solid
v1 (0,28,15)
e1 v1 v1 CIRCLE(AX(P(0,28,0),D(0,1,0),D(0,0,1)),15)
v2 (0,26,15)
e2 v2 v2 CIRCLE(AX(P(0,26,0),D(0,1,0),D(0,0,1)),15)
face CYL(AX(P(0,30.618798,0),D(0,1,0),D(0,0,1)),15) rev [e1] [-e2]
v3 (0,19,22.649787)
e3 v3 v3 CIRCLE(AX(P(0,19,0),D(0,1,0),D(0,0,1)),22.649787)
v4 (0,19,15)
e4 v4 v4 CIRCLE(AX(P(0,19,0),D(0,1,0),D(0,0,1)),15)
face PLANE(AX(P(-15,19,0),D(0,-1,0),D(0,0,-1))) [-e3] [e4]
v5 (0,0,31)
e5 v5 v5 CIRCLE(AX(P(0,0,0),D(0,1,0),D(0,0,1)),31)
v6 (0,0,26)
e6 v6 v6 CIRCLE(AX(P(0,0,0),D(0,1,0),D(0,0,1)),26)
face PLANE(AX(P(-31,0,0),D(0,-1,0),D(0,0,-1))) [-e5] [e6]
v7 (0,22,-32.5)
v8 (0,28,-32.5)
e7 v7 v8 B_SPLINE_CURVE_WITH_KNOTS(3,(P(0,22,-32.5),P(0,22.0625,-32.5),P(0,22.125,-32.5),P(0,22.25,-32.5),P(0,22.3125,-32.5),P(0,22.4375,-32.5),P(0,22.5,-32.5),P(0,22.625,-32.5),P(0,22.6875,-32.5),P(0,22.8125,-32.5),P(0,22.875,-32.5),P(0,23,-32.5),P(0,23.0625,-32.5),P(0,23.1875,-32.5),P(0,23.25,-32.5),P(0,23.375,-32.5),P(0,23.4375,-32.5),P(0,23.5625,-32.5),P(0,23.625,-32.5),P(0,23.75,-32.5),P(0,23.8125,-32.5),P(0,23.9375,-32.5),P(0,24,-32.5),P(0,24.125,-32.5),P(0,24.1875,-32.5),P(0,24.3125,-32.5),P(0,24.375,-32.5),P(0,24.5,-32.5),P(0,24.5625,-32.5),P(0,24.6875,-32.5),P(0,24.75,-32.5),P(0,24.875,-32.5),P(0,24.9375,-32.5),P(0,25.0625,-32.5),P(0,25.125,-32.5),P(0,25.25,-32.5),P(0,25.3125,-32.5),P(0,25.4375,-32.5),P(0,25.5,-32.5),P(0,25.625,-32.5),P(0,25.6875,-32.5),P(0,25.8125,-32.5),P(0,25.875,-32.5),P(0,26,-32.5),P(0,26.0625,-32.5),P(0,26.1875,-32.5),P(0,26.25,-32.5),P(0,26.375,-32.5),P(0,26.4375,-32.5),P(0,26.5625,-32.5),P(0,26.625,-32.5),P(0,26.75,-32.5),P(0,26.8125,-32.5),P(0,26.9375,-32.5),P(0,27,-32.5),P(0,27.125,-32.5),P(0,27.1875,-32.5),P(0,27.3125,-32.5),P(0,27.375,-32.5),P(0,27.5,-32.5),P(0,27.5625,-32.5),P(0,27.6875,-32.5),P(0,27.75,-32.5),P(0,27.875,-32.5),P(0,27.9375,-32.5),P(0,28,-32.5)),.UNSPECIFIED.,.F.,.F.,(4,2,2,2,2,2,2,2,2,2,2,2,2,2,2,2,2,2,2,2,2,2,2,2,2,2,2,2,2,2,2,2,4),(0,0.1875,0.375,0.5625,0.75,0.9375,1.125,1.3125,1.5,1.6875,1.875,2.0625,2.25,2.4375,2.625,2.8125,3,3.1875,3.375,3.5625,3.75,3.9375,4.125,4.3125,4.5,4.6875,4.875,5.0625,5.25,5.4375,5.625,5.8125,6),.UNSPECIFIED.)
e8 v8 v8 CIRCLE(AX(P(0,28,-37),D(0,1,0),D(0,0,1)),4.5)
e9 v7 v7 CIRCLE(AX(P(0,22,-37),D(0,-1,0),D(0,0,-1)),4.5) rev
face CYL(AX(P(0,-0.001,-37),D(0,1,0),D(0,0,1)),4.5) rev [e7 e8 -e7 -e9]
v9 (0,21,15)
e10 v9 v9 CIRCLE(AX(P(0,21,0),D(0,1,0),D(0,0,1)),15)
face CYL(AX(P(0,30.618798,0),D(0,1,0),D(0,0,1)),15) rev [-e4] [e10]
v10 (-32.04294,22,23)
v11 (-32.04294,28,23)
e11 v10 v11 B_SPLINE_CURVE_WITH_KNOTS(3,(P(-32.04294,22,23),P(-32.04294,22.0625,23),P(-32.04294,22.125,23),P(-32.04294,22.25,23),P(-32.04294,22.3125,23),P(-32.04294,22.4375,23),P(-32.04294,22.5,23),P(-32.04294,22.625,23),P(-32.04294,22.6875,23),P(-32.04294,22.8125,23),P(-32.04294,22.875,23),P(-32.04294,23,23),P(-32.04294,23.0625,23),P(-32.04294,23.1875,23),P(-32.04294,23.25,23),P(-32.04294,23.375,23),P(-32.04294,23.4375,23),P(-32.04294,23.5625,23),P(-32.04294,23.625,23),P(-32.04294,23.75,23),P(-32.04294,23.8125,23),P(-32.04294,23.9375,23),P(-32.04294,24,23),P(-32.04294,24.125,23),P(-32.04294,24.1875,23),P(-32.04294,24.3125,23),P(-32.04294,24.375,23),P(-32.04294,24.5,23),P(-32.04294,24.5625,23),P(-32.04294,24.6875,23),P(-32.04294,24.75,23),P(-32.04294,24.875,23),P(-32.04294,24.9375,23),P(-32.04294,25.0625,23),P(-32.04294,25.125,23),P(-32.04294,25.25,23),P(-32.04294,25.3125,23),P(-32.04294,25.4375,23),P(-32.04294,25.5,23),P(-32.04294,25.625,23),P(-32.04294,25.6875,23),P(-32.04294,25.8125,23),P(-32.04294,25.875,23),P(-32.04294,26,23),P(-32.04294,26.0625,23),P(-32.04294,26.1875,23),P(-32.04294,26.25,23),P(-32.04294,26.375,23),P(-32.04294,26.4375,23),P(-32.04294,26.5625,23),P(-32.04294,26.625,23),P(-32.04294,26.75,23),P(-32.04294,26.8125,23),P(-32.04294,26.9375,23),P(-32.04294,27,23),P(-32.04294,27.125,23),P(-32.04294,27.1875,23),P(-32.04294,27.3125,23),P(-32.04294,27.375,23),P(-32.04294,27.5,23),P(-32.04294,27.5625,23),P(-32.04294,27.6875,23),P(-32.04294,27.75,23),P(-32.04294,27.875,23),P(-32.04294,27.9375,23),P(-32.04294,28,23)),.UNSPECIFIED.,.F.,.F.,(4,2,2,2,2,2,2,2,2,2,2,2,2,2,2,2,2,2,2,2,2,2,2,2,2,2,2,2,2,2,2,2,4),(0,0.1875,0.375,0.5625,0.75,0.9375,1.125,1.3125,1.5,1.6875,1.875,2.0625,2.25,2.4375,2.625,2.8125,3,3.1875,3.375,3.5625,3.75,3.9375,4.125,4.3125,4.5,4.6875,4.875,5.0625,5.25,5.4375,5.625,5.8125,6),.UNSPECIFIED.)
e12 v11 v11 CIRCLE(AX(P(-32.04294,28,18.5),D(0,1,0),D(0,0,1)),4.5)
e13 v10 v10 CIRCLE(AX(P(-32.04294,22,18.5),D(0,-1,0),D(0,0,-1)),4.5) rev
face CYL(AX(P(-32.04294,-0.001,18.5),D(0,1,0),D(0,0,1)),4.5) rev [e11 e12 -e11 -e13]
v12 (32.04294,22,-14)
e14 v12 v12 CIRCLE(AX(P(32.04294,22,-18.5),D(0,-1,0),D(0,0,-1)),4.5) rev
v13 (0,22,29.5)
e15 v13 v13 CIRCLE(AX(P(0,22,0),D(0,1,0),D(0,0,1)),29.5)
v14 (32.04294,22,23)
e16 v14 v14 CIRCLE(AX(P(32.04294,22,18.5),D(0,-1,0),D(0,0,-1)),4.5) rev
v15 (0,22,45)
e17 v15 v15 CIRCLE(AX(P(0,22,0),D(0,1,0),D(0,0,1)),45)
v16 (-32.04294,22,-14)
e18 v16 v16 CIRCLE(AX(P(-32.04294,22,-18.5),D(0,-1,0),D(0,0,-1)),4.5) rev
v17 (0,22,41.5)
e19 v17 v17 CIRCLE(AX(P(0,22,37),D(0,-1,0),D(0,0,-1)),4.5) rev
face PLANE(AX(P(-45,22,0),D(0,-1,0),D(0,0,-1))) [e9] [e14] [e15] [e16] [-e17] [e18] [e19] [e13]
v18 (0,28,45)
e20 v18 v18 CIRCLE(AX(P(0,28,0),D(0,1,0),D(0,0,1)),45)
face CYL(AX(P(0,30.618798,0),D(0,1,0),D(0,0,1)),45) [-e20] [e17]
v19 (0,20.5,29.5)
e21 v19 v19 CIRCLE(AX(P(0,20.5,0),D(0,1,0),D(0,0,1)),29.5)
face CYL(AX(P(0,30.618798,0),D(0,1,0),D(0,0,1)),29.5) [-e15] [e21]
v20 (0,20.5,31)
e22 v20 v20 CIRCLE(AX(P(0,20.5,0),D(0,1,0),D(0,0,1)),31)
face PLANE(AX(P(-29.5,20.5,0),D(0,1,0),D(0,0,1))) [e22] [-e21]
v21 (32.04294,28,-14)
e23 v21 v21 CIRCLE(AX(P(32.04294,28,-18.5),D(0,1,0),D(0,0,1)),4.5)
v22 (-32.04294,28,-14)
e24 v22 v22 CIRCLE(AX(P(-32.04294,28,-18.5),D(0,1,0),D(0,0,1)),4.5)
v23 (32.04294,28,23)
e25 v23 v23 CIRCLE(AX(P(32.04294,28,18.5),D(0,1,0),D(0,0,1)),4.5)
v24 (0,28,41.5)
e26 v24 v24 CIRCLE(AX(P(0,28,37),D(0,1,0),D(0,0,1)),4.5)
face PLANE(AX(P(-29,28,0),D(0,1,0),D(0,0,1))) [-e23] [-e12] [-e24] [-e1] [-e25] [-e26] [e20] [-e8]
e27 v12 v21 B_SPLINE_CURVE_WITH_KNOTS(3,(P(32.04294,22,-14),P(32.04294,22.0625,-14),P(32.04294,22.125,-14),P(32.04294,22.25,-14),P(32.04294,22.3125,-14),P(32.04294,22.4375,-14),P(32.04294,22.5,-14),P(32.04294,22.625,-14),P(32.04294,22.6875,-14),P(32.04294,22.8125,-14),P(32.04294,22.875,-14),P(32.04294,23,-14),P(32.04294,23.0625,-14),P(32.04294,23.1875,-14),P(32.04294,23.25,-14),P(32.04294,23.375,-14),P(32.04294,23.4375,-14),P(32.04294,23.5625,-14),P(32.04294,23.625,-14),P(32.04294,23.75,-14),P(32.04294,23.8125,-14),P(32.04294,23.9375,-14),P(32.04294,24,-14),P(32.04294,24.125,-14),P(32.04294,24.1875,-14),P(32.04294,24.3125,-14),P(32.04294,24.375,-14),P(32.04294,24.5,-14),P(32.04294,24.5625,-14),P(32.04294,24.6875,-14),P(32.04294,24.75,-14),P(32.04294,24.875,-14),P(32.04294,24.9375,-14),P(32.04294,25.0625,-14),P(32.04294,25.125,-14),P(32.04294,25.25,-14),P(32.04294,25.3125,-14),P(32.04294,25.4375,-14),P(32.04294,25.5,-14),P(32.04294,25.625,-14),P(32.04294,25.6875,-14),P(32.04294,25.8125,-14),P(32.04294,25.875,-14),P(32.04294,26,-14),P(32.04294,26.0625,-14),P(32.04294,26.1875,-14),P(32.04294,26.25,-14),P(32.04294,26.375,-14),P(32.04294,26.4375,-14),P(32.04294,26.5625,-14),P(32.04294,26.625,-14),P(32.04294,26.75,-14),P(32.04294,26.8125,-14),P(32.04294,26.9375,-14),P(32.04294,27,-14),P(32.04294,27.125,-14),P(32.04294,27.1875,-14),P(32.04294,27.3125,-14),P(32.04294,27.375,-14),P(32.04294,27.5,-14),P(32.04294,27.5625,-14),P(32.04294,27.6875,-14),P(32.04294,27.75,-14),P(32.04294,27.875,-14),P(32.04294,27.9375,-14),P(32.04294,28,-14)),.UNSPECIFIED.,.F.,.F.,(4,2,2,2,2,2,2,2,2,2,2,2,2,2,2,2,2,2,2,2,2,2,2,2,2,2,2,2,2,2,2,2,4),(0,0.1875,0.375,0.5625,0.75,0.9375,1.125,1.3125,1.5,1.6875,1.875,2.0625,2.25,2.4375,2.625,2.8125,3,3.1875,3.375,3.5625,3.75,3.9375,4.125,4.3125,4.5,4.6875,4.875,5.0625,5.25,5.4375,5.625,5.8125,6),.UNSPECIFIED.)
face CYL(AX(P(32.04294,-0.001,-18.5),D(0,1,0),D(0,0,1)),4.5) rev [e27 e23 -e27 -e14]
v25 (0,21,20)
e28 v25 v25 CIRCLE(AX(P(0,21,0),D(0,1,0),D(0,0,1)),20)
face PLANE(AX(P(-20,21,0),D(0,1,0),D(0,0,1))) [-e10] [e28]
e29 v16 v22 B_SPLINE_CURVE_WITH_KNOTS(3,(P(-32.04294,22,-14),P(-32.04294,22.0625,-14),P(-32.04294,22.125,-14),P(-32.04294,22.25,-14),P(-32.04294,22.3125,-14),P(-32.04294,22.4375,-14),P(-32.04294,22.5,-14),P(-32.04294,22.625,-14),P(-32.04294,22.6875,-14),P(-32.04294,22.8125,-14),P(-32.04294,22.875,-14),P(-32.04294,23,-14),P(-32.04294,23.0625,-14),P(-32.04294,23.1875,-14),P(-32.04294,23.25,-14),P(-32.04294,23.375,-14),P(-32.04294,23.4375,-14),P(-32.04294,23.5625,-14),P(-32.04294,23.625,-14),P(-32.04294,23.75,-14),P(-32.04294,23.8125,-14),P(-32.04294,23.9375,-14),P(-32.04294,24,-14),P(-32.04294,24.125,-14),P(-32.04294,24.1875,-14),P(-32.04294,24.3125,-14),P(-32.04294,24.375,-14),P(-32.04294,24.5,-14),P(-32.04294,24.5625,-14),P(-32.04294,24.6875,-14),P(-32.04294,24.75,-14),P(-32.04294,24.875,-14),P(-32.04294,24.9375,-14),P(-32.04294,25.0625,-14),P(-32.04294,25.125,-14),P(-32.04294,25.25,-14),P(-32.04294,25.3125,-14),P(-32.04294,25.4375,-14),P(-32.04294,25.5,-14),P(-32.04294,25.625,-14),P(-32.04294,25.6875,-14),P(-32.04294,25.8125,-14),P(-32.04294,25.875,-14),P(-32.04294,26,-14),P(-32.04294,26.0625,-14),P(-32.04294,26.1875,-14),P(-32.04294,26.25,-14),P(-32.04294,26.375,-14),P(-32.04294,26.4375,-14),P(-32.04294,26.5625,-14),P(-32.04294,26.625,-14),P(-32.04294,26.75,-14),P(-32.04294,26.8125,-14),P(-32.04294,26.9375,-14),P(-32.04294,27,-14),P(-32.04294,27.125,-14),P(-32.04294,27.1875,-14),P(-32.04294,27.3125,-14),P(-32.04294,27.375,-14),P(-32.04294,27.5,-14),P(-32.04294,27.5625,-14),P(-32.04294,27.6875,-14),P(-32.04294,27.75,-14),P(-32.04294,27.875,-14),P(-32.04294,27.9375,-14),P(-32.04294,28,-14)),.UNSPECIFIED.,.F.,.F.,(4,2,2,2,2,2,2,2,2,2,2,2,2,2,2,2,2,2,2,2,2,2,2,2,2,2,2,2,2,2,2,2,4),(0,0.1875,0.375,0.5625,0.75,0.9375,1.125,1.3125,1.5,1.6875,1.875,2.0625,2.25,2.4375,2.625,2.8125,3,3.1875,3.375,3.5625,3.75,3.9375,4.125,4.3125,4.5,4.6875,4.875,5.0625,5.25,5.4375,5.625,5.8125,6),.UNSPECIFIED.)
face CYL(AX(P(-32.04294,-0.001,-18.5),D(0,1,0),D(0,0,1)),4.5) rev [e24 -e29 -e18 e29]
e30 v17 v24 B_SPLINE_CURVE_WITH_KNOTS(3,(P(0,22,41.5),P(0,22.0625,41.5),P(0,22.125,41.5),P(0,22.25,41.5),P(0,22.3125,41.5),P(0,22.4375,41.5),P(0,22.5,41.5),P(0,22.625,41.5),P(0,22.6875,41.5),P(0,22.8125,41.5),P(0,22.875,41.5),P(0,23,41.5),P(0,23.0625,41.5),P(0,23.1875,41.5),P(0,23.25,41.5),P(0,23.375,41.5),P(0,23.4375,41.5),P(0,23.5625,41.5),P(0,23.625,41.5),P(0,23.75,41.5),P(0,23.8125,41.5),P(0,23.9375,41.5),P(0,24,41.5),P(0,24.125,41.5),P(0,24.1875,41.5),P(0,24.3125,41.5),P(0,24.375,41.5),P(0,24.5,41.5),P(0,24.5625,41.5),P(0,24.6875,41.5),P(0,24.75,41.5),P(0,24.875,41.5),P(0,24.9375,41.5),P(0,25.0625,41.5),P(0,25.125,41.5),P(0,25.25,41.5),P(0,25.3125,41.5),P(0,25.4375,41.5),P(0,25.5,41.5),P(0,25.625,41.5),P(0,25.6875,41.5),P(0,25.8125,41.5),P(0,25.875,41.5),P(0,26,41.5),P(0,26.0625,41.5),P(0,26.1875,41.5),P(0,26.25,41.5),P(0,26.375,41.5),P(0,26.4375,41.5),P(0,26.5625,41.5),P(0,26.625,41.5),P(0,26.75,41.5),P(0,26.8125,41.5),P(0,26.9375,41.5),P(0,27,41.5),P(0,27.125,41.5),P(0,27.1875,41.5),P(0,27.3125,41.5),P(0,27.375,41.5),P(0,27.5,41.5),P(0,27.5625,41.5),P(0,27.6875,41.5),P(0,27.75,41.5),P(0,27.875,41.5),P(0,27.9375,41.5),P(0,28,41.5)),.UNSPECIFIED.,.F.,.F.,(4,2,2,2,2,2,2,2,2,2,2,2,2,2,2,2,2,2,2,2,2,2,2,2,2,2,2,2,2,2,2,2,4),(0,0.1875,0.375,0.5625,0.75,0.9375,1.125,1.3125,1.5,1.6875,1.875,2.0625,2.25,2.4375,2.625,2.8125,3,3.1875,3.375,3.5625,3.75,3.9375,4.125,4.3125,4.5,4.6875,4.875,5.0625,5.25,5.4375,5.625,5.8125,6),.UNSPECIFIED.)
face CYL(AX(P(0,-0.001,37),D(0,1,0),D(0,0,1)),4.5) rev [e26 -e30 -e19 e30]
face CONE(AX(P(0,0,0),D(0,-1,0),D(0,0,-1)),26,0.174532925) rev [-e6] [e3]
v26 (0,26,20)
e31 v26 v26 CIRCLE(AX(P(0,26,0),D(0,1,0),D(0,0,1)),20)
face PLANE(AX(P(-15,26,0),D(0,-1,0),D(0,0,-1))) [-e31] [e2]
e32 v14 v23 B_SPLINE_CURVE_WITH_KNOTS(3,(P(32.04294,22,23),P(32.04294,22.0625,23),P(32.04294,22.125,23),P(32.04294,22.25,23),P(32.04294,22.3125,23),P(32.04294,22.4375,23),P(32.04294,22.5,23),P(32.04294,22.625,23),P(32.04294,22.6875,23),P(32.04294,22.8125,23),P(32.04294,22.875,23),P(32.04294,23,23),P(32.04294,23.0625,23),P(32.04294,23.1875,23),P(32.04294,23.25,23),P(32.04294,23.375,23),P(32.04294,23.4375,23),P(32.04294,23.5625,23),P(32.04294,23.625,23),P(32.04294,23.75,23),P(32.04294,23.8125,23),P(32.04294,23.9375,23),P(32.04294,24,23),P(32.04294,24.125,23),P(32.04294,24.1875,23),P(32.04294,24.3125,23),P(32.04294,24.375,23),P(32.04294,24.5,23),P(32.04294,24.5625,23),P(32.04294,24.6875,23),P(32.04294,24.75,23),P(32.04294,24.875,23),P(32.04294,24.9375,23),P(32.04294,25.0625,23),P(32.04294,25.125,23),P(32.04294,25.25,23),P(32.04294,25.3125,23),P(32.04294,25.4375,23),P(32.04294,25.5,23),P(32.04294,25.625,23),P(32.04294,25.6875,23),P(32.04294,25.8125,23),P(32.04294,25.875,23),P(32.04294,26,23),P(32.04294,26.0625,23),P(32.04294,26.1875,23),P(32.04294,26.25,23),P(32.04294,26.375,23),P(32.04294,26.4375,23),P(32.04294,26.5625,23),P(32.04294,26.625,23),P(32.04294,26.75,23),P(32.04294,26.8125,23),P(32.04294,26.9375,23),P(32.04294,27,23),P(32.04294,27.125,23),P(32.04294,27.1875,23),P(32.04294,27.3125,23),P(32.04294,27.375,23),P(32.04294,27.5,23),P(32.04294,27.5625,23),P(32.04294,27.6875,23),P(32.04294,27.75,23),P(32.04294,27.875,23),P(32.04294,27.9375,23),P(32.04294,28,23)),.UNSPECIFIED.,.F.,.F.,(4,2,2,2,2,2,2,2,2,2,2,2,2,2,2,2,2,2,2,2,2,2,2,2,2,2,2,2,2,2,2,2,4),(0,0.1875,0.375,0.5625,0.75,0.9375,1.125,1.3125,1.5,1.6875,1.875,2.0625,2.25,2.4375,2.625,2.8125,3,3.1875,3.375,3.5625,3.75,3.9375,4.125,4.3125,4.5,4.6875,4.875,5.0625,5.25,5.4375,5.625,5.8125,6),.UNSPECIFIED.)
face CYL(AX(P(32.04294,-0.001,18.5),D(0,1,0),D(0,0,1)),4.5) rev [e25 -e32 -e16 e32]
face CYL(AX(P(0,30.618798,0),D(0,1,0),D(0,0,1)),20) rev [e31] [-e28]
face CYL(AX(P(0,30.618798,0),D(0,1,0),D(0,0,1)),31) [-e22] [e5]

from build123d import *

# Parameters (mm, degrees)
CUT_EXTRUDE1_REACH = 71.527
SKETCH2_R          = 4.5


with BuildPart() as part:
    # Sketch1 → Revolve1 (revolve)
    with BuildSketch(Plane.XY, mode=Mode.PRIVATE) as revolve1_sk:
        Polygon((-45, 28), (-45, 22), (-29.5, 22), (-29.5, 20.5), (-31, 20.5), (-31, 0), (-26, 0), (-22.649787367, 19), (-15, 19), (-15, 21), (-20, 21), (-20, 26), (-15, 26), (-15, 28), (-29, 28), align=None)
    revolve(revolve1_sk.sketch.rotate(Axis((0, 30.618797564, 0), (0, -1, 0)), 270), axis=Axis((0, 30.618797564, 0), (0, -1, 0)))

    # Sketch2 → Cut-Extrude1 (cut, up to next)
    with BuildSketch(Plane(origin=(0, 28, 0), x_dir=(1, 0, 0), z_dir=(0, 1, 0)), mode=Mode.PRIVATE) as cut_extrude1_sk1:
        with Locations(Location((0, 37, 0), (0, 0, 270))):
            Circle(SKETCH2_R)
    cut_extrude1_tool1 = extrude(cut_extrude1_sk1.sketch, amount=-CUT_EXTRUDE1_REACH, mode=Mode.PRIVATE) & part.part
    # Sketch2 → Cut-Extrude1 (cut, up to next)
    with BuildSketch(Plane(origin=(0, 28, 0), x_dir=(1, 0, 0), z_dir=(0, 1, 0)), mode=Mode.PRIVATE) as cut_extrude1_sk2:
        with Locations(Location((32.04293994, 18.5, 0), (0, 0, 270))):
            Circle(SKETCH2_R)
    cut_extrude1_tool2 = extrude(cut_extrude1_sk2.sketch, amount=-CUT_EXTRUDE1_REACH, mode=Mode.PRIVATE) & part.part
    # Sketch2 → Cut-Extrude1 (cut, up to next)
    with BuildSketch(Plane(origin=(0, 28, 0), x_dir=(1, 0, 0), z_dir=(0, 1, 0)), mode=Mode.PRIVATE) as cut_extrude1_sk3:
        with Locations(Location((32.04293994, -18.5, 0), (0, 0, 270))):
            Circle(SKETCH2_R)
    cut_extrude1_tool3 = extrude(cut_extrude1_sk3.sketch, amount=-CUT_EXTRUDE1_REACH, mode=Mode.PRIVATE) & part.part
    # Sketch2 → Cut-Extrude1 (cut, up to next)
    with BuildSketch(Plane(origin=(0, 28, 0), x_dir=(1, 0, 0), z_dir=(0, 1, 0)), mode=Mode.PRIVATE) as cut_extrude1_sk4:
        with Locations(Location((0, -37, 0), (0, 0, 270))):
            Circle(SKETCH2_R)
    cut_extrude1_tool4 = extrude(cut_extrude1_sk4.sketch, amount=-CUT_EXTRUDE1_REACH, mode=Mode.PRIVATE) & part.part
    # Sketch2 → Cut-Extrude1 (cut, up to next)
    with BuildSketch(Plane(origin=(0, 28, 0), x_dir=(1, 0, 0), z_dir=(0, 1, 0)), mode=Mode.PRIVATE) as cut_extrude1_sk5:
        with Locations(Location((-32.04293994, -18.5, 0), (0, 0, 270))):
            Circle(SKETCH2_R)
    cut_extrude1_tool5 = extrude(cut_extrude1_sk5.sketch, amount=-CUT_EXTRUDE1_REACH, mode=Mode.PRIVATE) & part.part
    # Sketch2 → Cut-Extrude1 (cut, up to next)
    with BuildSketch(Plane(origin=(0, 28, 0), x_dir=(1, 0, 0), z_dir=(0, 1, 0)), mode=Mode.PRIVATE) as cut_extrude1_sk6:
        with Locations(Location((-32.04293994, 18.5, 0), (0, 0, 270))):
            Circle(SKETCH2_R)
    cut_extrude1_tool6 = extrude(cut_extrude1_sk6.sketch, amount=-CUT_EXTRUDE1_REACH, mode=Mode.PRIVATE) & part.part
    add(cut_extrude1_tool1.solids().sort_by_distance((0, 28, -37))[0], mode=Mode.SUBTRACT)
    add(cut_extrude1_tool2.solids().sort_by_distance((32.04294, 28, -18.5))[0], mode=Mode.SUBTRACT)
    add(cut_extrude1_tool3.solids().sort_by_distance((32.04294, 28, 18.5))[0], mode=Mode.SUBTRACT)
    add(cut_extrude1_tool4.solids().sort_by_distance((0, 28, 37))[0], mode=Mode.SUBTRACT)
    add(cut_extrude1_tool5.solids().sort_by_distance((-32.04294, 28, 18.5))[0], mode=Mode.SUBTRACT)
    add(cut_extrude1_tool6.solids().sort_by_distance((-32.04294, 28, -18.5))[0], mode=Mode.SUBTRACT)


solid = part.part
